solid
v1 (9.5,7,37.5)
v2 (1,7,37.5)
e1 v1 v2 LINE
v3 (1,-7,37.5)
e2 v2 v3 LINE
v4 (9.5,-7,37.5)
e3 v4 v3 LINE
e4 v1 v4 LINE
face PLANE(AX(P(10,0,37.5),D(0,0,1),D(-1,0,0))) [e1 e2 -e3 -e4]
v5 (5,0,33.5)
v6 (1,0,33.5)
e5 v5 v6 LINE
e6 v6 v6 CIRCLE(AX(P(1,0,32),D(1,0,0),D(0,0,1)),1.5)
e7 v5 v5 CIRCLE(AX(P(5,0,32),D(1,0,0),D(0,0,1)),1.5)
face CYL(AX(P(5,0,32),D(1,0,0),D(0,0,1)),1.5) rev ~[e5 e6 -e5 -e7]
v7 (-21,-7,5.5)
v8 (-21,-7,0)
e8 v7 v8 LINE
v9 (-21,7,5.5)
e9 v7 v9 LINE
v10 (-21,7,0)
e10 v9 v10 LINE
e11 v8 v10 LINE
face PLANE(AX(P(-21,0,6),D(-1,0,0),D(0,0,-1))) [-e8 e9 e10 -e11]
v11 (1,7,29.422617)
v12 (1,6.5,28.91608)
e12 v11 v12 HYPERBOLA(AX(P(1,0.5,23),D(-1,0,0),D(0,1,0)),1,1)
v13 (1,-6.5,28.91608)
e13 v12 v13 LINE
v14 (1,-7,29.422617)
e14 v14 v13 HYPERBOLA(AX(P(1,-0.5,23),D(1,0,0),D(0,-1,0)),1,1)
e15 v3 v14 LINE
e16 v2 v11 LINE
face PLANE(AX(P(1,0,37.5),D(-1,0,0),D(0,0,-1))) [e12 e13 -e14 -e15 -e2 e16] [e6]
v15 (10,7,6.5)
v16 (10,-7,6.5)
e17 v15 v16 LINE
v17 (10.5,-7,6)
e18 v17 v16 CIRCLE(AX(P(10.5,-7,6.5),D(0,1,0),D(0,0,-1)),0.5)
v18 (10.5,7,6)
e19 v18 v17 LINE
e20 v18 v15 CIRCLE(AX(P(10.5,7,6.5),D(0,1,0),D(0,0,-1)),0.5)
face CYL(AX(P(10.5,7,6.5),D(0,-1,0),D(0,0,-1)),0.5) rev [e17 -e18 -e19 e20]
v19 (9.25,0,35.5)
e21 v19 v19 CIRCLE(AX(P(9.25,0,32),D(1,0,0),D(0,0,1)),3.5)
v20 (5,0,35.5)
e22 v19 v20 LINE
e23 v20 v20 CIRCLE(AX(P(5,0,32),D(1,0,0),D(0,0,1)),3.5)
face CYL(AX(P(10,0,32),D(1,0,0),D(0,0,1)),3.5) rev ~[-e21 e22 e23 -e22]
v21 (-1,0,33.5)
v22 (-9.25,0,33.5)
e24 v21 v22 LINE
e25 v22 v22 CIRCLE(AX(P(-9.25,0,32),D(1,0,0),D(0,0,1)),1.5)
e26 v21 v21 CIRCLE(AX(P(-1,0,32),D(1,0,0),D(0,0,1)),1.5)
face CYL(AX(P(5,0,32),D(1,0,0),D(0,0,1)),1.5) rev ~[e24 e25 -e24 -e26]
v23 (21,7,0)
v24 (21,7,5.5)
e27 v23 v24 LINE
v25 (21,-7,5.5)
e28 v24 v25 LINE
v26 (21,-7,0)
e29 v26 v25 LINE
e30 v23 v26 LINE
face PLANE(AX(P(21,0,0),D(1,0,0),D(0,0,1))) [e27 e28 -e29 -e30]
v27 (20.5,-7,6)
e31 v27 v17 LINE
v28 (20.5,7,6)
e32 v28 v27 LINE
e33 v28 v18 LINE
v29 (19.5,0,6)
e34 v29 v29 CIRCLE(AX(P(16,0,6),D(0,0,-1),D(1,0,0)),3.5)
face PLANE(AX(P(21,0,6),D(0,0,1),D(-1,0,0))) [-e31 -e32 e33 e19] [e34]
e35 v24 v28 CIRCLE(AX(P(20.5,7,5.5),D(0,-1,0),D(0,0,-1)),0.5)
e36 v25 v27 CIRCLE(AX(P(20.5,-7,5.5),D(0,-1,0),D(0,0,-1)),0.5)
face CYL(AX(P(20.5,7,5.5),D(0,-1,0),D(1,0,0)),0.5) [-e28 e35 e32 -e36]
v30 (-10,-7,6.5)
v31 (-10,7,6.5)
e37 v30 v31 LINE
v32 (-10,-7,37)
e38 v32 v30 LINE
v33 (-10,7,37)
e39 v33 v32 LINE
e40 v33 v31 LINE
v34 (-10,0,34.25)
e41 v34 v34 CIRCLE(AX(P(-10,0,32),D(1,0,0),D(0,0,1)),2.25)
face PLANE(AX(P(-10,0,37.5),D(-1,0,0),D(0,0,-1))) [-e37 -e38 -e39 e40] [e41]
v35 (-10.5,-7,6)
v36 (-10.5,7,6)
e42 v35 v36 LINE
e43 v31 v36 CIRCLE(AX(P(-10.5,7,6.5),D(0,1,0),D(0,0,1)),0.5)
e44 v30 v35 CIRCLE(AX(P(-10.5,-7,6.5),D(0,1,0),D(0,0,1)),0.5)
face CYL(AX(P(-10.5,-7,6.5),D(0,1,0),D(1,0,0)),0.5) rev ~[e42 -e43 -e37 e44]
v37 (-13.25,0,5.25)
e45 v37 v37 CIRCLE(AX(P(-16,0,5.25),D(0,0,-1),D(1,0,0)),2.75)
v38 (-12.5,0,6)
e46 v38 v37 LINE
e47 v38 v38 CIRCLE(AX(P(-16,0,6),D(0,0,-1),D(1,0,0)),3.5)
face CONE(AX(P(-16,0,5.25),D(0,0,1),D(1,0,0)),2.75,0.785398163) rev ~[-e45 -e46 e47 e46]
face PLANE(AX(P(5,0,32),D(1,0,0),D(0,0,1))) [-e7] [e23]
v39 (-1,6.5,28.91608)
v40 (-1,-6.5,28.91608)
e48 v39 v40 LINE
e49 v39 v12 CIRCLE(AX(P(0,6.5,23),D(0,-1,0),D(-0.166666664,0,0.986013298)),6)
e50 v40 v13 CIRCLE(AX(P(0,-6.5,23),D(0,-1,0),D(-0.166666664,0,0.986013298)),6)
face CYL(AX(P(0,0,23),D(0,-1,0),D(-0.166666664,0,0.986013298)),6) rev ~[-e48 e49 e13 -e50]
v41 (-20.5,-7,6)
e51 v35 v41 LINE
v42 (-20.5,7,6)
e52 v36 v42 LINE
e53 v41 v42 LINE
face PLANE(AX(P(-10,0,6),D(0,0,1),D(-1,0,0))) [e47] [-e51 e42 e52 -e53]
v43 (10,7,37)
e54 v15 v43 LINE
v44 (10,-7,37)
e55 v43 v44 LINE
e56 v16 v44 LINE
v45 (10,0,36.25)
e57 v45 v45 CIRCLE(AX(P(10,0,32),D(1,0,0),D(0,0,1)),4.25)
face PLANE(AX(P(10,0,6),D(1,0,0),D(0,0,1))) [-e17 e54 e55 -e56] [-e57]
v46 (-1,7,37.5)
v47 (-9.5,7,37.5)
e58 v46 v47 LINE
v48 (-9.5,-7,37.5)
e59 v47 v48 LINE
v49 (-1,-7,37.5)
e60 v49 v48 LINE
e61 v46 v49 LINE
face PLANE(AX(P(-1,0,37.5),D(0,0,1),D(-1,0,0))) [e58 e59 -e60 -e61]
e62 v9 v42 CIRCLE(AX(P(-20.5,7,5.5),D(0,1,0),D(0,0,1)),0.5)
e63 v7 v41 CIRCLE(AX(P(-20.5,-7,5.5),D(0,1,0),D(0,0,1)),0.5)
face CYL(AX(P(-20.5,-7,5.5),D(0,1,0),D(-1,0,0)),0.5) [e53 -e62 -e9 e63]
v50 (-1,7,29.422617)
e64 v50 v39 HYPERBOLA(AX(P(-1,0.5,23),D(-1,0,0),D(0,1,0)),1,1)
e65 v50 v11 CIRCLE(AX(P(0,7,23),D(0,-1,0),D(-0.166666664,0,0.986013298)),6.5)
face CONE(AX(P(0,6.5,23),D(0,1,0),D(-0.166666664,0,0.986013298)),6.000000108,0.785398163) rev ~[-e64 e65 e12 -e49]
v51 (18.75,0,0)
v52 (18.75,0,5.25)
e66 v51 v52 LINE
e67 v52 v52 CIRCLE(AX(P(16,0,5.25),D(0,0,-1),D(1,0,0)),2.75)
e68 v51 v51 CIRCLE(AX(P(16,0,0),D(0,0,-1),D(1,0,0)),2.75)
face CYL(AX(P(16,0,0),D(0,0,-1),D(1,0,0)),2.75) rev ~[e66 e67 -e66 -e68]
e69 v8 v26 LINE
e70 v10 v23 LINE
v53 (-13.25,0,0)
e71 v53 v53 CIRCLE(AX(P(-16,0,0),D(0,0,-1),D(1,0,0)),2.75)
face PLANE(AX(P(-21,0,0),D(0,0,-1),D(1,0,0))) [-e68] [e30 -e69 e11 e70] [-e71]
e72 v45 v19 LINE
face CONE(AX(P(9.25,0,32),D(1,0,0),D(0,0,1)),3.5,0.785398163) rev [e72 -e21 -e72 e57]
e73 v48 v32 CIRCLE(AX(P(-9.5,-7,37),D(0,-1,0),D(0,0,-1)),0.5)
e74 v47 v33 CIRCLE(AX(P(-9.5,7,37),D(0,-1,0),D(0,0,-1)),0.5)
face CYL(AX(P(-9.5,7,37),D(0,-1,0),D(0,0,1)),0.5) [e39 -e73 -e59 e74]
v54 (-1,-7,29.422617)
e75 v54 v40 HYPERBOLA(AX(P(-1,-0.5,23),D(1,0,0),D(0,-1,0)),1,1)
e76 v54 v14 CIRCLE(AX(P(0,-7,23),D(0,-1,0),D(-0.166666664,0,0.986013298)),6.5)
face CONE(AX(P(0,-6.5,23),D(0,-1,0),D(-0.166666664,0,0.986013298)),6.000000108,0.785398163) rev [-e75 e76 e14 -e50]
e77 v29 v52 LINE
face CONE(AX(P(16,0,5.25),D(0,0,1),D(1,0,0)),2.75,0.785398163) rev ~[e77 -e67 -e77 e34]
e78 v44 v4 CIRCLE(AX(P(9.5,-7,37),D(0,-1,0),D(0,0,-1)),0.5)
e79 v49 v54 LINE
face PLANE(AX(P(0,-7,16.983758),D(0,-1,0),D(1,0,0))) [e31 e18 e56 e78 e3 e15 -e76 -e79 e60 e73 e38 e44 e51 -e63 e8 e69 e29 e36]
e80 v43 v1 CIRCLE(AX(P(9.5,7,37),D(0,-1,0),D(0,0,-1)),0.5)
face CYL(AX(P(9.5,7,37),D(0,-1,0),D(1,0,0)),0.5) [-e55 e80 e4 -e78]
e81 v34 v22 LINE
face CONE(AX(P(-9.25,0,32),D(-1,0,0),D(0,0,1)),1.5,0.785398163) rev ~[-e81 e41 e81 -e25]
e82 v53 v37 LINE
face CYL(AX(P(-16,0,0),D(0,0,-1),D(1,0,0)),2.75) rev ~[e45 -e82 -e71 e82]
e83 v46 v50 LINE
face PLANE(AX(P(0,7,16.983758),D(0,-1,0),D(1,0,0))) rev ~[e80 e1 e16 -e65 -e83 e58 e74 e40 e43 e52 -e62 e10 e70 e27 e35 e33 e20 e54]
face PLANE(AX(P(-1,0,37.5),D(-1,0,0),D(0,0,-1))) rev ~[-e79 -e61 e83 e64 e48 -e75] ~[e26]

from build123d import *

# Parameters (mm, degrees)
PAD_DEPTH       = 7
SKETCH001_R     = 2.75
POCKET_DEPTH    = 37.501
SKETCH002_R     = 3.5
POCKET001_DEPTH = 5
SKETCH003_R     = 1.5
POCKET002_DEPTH = 26.001
FILLET_R        = 0.5
CHAMFER_SIZE    = 0.75
CHAMFER001_SIZE = 0.75
CHAMFER002_SIZE = 0.75
CHAMFER003_SIZE = 0.5


with BuildPart() as part:
    # Sketch → Pad (new body, symmetric)
    with BuildSketch(Plane.XZ):
        with BuildLine():
            Line((-21, 0), (21, 0))
            Line((21, 0), (21, 6))
            Line((21, 6), (10, 6))
            Line((10, 6), (10, 37.5))
            Line((10, 37.5), (1, 37.5))
            Line((1, 37.5), (1, 28.91608))
            ThreePointArc((-1, 28.91608), (0, 17), (1, 28.91608))
            Line((-1, 37.5), (-1, 28.91608))
            Line((-1, 37.5), (-10, 37.5))
            Line((-10, 37.5), (-10, 6))
            Line((-10, 6), (-21, 6))
            Line((-21, 6), (-21, 0))
        make_face()
    extrude(amount=PAD_DEPTH, both=True)

    # Sketch001 → Pocket (cut, through all)
    with BuildSketch(Plane(origin=(0, 0, 0), x_dir=(1, 0, 0), z_dir=(0, 0, -1))):
        with Locations((16, 0)):
            Circle(SKETCH001_R)
        with Locations((-16, 0)):
            Circle(SKETCH001_R)
    extrude(amount=-POCKET_DEPTH, mode=Mode.SUBTRACT)

    # Sketch002 → Pocket001 (cut)
    with BuildSketch(Plane(origin=(10, 0, 0), x_dir=(0, 0, 1), z_dir=(1, 0, 0))):
        with Locations((32, 0)):
            Circle(SKETCH002_R)
    extrude(amount=-POCKET001_DEPTH, mode=Mode.SUBTRACT)

    # Sketch003 → Pocket002 (cut, through all)
    with BuildSketch(Plane(origin=(5, 0, 0), x_dir=(0, 0, 1), z_dir=(1, 0, 0))):
        with Locations((32, 0)):
            Circle(SKETCH003_R)
    extrude(amount=-POCKET002_DEPTH, mode=Mode.SUBTRACT)

    # Fillet
    fillet_edges = [part.edges().sort_by_distance(p)[0] for p in [
        (21, 0, 6),
        (10, 0, 6),
        (10, 0, 37.5),
        (-10, 0, 37.5),
        (-10, 0, 6),
        (-21, 0, 6),
    ]]
    fillet(fillet_edges, radius=FILLET_R)

    # Chamfer
    chamfer_edges = [part.edges().sort_by_distance(p)[0] for p in [
        (13.25, 0, 6),
        (-18.75, 0, 6),
    ]]
    chamfer(chamfer_edges, length=CHAMFER_SIZE)

    # Chamfer001
    chamfer001_edges = [part.edges().sort_by_distance(p)[0] for p in [
        (10, 0, 28.5),
    ]]
    chamfer(chamfer001_edges, length=CHAMFER001_SIZE)

    # Chamfer002
    chamfer002_edges = [part.edges().sort_by_distance(p)[0] for p in [
        (-10, 0, 30.5),
    ]]
    chamfer(chamfer002_edges, length=CHAMFER002_SIZE)

    # Chamfer003
    chamfer003_edges = [part.edges().sort_by_distance(p)[0] for p in [
        (0, 7, 17),
        (0, -7, 17),
    ]]
    chamfer(chamfer003_edges, length=CHAMFER003_SIZE)


solid = part.part
